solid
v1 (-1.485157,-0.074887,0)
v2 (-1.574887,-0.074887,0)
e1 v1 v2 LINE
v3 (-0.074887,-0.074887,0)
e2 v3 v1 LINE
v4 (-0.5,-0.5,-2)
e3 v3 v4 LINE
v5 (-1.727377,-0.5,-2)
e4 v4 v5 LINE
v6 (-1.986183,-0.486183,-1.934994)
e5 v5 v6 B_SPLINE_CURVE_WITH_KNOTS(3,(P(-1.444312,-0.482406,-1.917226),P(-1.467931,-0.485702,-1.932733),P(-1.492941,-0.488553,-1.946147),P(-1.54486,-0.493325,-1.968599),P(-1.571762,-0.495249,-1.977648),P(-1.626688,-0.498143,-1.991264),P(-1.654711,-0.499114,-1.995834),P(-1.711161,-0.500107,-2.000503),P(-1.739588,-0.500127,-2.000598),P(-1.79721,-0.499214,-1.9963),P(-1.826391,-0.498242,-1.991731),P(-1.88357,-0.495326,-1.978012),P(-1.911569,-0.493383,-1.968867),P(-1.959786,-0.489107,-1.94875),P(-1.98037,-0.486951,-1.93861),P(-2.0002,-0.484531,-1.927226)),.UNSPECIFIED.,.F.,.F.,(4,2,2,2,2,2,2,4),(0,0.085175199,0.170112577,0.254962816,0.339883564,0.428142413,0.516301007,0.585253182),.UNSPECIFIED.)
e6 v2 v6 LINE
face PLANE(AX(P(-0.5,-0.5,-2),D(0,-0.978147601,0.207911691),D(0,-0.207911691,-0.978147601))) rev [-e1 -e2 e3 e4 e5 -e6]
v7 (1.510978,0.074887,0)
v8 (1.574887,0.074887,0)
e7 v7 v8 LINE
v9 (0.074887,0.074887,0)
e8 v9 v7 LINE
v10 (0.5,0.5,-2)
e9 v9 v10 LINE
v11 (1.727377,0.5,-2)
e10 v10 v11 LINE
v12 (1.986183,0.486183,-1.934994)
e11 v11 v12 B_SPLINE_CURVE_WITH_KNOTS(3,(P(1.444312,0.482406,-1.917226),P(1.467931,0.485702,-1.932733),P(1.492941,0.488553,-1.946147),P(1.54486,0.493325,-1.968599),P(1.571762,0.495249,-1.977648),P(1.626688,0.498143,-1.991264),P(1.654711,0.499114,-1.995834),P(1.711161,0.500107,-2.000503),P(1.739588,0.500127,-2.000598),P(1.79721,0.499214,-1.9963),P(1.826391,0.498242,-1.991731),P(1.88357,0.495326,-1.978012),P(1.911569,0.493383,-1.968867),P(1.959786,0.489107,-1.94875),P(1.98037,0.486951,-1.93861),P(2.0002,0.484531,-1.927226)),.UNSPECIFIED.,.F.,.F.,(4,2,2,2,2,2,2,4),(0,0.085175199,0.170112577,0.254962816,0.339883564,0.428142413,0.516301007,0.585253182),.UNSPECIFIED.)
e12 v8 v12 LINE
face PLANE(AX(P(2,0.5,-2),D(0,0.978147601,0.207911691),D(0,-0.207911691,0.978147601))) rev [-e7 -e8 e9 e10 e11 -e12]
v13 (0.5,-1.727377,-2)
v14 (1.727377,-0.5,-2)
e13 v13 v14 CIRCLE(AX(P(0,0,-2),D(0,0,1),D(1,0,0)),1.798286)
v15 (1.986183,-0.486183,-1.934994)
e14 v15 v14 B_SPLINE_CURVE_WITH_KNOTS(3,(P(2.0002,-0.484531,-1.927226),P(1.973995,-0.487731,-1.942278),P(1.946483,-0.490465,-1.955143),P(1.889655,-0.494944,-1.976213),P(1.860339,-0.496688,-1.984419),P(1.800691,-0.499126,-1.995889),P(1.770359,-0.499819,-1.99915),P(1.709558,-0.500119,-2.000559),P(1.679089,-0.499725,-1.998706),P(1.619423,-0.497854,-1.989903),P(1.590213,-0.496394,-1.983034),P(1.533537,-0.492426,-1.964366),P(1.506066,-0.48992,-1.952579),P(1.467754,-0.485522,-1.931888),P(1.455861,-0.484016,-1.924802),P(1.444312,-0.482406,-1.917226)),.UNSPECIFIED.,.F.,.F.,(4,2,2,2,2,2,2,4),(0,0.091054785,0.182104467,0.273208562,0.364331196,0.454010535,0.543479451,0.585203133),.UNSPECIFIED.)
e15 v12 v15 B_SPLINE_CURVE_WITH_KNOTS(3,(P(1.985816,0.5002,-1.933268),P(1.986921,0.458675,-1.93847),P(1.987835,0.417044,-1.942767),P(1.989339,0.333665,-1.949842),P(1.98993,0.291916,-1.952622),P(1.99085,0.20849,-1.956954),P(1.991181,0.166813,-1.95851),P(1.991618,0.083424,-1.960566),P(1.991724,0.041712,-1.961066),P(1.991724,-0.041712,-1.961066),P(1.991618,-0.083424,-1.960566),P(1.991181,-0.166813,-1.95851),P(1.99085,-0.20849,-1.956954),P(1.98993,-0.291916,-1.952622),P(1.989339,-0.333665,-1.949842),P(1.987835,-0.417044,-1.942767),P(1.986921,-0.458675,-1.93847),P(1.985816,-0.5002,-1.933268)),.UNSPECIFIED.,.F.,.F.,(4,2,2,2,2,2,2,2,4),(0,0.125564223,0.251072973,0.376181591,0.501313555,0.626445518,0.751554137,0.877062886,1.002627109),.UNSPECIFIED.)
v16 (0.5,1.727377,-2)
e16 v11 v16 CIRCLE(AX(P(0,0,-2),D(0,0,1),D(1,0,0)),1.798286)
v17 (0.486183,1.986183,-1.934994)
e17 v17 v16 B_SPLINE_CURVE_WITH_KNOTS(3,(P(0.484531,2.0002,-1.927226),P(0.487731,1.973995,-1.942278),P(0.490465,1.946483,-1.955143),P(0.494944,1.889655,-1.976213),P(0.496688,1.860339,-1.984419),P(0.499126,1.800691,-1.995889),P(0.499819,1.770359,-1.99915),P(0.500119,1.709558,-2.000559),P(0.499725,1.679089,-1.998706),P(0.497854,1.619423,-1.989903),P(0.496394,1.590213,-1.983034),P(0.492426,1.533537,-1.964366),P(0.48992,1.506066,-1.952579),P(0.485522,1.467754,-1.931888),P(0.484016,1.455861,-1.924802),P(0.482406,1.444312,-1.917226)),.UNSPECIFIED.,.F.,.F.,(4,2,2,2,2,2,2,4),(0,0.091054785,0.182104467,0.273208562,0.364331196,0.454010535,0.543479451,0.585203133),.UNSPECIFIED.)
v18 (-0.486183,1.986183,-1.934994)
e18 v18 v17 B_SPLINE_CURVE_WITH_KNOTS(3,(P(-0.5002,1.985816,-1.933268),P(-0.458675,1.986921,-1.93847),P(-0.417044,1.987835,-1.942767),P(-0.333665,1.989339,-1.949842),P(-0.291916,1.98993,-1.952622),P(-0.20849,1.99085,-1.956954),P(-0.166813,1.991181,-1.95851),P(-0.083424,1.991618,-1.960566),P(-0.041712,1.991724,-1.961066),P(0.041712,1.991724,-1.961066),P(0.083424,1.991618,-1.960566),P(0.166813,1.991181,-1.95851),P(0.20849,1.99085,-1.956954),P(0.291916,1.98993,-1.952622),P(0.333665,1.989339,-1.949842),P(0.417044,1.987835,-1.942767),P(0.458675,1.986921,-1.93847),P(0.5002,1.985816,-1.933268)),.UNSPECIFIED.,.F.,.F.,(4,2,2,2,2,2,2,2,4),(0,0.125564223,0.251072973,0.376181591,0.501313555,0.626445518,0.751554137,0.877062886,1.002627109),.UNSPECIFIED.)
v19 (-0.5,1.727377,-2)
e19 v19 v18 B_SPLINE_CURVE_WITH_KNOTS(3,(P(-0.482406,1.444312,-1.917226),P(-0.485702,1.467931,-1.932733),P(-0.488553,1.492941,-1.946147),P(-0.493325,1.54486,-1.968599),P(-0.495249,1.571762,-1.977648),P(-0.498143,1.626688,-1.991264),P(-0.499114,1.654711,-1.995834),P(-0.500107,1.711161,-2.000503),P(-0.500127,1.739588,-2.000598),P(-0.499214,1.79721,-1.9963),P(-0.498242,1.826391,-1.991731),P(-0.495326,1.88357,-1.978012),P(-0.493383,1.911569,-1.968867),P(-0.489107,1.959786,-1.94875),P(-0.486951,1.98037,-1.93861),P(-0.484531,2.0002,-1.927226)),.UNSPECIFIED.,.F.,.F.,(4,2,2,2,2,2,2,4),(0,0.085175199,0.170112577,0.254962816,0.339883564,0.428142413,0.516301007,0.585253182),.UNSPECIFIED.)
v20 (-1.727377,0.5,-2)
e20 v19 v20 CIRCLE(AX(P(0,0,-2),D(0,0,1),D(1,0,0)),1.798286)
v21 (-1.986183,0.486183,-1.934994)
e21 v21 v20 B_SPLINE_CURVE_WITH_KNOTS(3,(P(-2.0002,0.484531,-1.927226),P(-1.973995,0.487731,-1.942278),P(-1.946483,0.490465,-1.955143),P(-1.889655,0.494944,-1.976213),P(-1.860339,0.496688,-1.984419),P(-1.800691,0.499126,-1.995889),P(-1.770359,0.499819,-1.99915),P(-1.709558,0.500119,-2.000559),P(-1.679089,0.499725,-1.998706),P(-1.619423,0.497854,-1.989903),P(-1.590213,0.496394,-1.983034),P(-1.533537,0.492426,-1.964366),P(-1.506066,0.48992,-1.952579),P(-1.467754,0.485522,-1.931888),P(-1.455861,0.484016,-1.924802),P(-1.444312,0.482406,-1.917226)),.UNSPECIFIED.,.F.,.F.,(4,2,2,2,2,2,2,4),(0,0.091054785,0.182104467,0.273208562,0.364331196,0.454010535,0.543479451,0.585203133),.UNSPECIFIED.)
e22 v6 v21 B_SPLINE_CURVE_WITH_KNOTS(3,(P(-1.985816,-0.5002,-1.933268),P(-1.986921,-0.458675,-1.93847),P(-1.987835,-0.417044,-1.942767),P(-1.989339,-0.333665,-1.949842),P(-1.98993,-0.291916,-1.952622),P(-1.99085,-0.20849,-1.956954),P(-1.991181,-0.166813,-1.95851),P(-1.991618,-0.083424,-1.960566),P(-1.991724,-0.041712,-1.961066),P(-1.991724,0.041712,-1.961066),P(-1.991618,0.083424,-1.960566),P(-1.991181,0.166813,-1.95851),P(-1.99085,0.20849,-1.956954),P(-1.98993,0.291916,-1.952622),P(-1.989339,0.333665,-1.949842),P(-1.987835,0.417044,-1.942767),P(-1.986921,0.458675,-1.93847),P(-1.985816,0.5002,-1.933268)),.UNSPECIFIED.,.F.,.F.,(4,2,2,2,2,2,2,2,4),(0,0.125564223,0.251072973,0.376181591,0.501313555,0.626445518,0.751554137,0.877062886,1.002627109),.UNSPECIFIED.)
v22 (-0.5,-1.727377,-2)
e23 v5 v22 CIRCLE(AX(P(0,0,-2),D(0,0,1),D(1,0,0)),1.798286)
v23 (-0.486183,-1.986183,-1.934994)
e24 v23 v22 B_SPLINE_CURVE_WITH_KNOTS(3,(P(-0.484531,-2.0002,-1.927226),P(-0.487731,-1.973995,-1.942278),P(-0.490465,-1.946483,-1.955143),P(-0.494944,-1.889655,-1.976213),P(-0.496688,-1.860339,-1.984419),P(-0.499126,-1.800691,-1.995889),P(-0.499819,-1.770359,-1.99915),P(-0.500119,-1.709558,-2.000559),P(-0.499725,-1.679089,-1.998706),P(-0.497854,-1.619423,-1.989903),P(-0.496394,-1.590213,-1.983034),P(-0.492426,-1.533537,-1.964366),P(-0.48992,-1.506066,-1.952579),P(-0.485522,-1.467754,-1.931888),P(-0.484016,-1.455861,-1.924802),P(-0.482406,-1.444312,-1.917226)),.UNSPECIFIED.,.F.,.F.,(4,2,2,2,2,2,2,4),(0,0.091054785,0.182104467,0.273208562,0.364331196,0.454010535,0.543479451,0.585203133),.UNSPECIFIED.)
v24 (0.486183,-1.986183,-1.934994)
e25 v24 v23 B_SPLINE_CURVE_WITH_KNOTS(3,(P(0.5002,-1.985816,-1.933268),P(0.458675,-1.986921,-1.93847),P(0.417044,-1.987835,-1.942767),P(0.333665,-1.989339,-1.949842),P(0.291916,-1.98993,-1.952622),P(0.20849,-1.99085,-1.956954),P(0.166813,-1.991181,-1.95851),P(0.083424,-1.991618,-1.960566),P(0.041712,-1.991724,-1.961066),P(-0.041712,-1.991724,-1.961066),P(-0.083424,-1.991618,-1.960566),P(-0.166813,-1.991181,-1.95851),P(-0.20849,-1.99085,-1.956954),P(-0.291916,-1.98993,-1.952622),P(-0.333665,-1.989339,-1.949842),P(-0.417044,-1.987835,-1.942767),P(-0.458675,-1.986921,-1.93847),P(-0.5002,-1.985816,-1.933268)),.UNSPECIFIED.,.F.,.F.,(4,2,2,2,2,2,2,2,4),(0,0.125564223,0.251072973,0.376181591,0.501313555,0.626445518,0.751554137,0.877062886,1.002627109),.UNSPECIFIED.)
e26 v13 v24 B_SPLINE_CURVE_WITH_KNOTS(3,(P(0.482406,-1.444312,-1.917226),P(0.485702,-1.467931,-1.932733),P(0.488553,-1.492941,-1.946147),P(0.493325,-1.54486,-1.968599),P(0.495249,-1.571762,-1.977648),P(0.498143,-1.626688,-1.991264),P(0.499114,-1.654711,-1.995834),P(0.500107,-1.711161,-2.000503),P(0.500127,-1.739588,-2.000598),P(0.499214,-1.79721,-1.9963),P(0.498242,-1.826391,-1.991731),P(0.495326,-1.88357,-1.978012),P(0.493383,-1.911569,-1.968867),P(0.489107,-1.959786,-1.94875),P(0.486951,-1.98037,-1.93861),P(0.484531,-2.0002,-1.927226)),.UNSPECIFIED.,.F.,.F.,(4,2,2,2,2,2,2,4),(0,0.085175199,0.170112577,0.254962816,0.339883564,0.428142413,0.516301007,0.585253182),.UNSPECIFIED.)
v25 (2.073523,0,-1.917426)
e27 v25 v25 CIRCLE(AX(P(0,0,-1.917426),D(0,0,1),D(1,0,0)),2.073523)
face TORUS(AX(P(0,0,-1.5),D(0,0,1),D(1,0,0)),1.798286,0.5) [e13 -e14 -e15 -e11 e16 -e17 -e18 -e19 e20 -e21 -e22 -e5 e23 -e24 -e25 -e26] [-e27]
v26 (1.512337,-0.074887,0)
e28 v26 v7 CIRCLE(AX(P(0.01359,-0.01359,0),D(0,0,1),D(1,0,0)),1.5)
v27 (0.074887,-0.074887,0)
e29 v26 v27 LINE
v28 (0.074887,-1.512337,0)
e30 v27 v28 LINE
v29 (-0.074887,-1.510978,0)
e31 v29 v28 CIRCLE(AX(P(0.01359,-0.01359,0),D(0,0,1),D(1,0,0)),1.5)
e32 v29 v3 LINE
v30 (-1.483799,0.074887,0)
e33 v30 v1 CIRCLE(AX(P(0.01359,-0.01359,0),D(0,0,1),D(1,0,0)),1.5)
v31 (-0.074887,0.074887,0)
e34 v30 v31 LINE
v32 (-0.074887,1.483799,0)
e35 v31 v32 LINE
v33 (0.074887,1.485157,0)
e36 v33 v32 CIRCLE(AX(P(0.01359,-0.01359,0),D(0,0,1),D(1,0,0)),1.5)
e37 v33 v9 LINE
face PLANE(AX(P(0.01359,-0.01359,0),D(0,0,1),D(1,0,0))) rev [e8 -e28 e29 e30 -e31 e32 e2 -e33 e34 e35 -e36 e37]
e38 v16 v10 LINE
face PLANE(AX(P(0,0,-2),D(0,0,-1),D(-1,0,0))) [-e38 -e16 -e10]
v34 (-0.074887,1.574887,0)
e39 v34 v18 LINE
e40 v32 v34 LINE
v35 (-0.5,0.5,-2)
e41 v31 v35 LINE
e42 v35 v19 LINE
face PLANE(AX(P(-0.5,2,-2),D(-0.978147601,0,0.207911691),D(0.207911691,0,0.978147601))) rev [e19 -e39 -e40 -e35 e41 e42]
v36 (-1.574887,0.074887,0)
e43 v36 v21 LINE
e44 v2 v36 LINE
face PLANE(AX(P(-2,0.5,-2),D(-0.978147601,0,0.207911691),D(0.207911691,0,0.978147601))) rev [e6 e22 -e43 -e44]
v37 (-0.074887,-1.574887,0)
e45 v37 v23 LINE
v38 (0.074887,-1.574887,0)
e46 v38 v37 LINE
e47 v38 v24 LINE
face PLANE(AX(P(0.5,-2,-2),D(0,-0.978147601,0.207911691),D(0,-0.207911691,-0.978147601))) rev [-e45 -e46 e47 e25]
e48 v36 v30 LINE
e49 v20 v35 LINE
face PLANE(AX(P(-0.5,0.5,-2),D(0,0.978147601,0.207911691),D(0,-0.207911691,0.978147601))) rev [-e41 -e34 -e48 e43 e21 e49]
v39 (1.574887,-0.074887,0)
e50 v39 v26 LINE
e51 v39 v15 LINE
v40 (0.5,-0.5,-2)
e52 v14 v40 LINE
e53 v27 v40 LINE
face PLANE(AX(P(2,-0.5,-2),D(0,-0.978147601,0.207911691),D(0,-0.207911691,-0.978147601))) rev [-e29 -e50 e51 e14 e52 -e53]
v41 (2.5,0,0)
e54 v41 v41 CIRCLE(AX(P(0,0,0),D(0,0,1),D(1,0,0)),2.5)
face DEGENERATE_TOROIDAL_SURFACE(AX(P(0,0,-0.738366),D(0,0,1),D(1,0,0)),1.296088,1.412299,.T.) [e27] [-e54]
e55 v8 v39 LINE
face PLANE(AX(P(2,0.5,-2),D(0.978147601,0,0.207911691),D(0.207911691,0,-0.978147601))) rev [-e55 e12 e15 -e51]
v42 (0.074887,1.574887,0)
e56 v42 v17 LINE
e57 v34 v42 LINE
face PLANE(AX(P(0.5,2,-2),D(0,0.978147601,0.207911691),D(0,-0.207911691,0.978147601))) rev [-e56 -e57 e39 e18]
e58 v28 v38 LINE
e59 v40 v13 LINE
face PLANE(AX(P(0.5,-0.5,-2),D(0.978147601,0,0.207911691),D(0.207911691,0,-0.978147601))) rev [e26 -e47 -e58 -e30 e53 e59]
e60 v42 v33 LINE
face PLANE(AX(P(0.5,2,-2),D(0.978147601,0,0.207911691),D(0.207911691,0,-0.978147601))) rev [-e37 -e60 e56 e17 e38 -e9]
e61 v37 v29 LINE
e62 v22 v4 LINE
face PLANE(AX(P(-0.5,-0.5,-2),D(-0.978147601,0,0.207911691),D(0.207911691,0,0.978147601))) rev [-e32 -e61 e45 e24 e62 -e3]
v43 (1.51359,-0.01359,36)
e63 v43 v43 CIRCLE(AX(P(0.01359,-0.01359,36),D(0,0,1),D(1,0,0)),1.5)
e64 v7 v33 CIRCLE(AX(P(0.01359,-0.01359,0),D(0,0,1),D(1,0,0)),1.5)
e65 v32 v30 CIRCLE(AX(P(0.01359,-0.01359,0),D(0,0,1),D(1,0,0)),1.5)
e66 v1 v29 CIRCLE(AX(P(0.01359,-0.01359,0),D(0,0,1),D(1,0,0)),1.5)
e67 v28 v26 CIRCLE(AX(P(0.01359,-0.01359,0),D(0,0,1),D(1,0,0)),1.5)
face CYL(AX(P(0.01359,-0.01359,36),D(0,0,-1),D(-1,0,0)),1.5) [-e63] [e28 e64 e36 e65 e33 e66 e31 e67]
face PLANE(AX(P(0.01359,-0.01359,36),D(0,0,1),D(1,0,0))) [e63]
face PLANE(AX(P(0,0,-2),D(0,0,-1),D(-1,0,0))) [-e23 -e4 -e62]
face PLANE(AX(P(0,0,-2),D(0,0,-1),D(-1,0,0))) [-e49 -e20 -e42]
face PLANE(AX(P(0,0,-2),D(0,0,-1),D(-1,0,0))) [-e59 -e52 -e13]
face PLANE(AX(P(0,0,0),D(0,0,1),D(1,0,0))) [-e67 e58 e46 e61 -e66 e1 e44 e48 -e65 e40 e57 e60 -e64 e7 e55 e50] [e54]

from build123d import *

# Parameters (mm, degrees)
CUT_EXTRUDE1_DEPTH  = 2
CUT_EXTRUDE1_DRAFT  = -12
SKETCH3_R           = 1.5
BOSS_EXTRUDE1_DEPTH = 36


with BuildPart() as part:
    # Sketch1 → Revolve2 (revolve)
    with BuildSketch(Plane(origin=(0, 0, 0), x_dir=(1, 0, 0), z_dir=(0, 1, 0))):
        with BuildLine():
            Line((0, 0), (0, 2))
            Line((0, 2), (1.798285661, 2))
            ThreePointArc((1.798285661, 2), (1.941964308, 1.978911731), (2.07352322, 1.917425786))
            ThreePointArc((2.07352322, 1.917425786), (2.674697589, 1.044998208), (2.5, 0))
            Line((2.5, 0), (0, 0))
        make_face()
    revolve(axis=Axis((0, 0, -0.65925001), (0, 0, -1)))


with BuildPart() as cut_extrude1_tool:
    # Sketch2 → Cut-Extrude1 (with draft: the straight prism first)
    with BuildSketch(Plane(origin=(0, 0, -2), x_dir=(-1, 0, 0), z_dir=(0, 0, -1))):
        Polygon((0.5, -0.5), (2, -0.5), (2, 0.5), (0.5, 0.5), (0.5, 2), (-0.5, 2), (-0.5, 0.5), (-2, 0.5), (-2, -0.5), (-0.5, -0.5), (-0.5, -2), (0.5, -2), align=None)
    extrude(amount=-CUT_EXTRUDE1_DEPTH)
    # Cut-Extrude1: the draft: its side faces are tilted about the plane it starts from
    cut_extrude1_sides = [cut_extrude1_tool.faces().sort_by_distance(p)[0] for p in [
        (-1.25, -0.5, -1),
        (-2, 0, -1),
        (-1.25, 0.5, -1),
        (-0.5, 1.25, -1),
        (0, 2, -1),
        (0.5, 1.25, -1),
        (1.25, 0.5, -1),
        (2, 0, -1),
        (1.25, -0.5, -1),
        (0.5, -1.25, -1),
        (0, -2, -1),
        (-0.5, -1.25, -1),
    ]]
    draft(cut_extrude1_sides, Plane(origin=(0, 0, -2), x_dir=(-1, 0, 0), z_dir=(0, 0, -1)), CUT_EXTRUDE1_DRAFT)


with BuildPart() as part_1:
    add(part.part)

    # Cut-Extrude1: cut by cut_extrude1_tool
    add(cut_extrude1_tool.part, mode=Mode.SUBTRACT)

    # Sketch3 → Boss-Extrude1 (add)
    with BuildSketch(Plane.XY):
        with Locations(Location((0.013589602, -0.013589602, 0), (0, 0, 182.342035556))):
            Circle(SKETCH3_R)
    extrude(amount=BOSS_EXTRUDE1_DEPTH)


solid = part_1.part
